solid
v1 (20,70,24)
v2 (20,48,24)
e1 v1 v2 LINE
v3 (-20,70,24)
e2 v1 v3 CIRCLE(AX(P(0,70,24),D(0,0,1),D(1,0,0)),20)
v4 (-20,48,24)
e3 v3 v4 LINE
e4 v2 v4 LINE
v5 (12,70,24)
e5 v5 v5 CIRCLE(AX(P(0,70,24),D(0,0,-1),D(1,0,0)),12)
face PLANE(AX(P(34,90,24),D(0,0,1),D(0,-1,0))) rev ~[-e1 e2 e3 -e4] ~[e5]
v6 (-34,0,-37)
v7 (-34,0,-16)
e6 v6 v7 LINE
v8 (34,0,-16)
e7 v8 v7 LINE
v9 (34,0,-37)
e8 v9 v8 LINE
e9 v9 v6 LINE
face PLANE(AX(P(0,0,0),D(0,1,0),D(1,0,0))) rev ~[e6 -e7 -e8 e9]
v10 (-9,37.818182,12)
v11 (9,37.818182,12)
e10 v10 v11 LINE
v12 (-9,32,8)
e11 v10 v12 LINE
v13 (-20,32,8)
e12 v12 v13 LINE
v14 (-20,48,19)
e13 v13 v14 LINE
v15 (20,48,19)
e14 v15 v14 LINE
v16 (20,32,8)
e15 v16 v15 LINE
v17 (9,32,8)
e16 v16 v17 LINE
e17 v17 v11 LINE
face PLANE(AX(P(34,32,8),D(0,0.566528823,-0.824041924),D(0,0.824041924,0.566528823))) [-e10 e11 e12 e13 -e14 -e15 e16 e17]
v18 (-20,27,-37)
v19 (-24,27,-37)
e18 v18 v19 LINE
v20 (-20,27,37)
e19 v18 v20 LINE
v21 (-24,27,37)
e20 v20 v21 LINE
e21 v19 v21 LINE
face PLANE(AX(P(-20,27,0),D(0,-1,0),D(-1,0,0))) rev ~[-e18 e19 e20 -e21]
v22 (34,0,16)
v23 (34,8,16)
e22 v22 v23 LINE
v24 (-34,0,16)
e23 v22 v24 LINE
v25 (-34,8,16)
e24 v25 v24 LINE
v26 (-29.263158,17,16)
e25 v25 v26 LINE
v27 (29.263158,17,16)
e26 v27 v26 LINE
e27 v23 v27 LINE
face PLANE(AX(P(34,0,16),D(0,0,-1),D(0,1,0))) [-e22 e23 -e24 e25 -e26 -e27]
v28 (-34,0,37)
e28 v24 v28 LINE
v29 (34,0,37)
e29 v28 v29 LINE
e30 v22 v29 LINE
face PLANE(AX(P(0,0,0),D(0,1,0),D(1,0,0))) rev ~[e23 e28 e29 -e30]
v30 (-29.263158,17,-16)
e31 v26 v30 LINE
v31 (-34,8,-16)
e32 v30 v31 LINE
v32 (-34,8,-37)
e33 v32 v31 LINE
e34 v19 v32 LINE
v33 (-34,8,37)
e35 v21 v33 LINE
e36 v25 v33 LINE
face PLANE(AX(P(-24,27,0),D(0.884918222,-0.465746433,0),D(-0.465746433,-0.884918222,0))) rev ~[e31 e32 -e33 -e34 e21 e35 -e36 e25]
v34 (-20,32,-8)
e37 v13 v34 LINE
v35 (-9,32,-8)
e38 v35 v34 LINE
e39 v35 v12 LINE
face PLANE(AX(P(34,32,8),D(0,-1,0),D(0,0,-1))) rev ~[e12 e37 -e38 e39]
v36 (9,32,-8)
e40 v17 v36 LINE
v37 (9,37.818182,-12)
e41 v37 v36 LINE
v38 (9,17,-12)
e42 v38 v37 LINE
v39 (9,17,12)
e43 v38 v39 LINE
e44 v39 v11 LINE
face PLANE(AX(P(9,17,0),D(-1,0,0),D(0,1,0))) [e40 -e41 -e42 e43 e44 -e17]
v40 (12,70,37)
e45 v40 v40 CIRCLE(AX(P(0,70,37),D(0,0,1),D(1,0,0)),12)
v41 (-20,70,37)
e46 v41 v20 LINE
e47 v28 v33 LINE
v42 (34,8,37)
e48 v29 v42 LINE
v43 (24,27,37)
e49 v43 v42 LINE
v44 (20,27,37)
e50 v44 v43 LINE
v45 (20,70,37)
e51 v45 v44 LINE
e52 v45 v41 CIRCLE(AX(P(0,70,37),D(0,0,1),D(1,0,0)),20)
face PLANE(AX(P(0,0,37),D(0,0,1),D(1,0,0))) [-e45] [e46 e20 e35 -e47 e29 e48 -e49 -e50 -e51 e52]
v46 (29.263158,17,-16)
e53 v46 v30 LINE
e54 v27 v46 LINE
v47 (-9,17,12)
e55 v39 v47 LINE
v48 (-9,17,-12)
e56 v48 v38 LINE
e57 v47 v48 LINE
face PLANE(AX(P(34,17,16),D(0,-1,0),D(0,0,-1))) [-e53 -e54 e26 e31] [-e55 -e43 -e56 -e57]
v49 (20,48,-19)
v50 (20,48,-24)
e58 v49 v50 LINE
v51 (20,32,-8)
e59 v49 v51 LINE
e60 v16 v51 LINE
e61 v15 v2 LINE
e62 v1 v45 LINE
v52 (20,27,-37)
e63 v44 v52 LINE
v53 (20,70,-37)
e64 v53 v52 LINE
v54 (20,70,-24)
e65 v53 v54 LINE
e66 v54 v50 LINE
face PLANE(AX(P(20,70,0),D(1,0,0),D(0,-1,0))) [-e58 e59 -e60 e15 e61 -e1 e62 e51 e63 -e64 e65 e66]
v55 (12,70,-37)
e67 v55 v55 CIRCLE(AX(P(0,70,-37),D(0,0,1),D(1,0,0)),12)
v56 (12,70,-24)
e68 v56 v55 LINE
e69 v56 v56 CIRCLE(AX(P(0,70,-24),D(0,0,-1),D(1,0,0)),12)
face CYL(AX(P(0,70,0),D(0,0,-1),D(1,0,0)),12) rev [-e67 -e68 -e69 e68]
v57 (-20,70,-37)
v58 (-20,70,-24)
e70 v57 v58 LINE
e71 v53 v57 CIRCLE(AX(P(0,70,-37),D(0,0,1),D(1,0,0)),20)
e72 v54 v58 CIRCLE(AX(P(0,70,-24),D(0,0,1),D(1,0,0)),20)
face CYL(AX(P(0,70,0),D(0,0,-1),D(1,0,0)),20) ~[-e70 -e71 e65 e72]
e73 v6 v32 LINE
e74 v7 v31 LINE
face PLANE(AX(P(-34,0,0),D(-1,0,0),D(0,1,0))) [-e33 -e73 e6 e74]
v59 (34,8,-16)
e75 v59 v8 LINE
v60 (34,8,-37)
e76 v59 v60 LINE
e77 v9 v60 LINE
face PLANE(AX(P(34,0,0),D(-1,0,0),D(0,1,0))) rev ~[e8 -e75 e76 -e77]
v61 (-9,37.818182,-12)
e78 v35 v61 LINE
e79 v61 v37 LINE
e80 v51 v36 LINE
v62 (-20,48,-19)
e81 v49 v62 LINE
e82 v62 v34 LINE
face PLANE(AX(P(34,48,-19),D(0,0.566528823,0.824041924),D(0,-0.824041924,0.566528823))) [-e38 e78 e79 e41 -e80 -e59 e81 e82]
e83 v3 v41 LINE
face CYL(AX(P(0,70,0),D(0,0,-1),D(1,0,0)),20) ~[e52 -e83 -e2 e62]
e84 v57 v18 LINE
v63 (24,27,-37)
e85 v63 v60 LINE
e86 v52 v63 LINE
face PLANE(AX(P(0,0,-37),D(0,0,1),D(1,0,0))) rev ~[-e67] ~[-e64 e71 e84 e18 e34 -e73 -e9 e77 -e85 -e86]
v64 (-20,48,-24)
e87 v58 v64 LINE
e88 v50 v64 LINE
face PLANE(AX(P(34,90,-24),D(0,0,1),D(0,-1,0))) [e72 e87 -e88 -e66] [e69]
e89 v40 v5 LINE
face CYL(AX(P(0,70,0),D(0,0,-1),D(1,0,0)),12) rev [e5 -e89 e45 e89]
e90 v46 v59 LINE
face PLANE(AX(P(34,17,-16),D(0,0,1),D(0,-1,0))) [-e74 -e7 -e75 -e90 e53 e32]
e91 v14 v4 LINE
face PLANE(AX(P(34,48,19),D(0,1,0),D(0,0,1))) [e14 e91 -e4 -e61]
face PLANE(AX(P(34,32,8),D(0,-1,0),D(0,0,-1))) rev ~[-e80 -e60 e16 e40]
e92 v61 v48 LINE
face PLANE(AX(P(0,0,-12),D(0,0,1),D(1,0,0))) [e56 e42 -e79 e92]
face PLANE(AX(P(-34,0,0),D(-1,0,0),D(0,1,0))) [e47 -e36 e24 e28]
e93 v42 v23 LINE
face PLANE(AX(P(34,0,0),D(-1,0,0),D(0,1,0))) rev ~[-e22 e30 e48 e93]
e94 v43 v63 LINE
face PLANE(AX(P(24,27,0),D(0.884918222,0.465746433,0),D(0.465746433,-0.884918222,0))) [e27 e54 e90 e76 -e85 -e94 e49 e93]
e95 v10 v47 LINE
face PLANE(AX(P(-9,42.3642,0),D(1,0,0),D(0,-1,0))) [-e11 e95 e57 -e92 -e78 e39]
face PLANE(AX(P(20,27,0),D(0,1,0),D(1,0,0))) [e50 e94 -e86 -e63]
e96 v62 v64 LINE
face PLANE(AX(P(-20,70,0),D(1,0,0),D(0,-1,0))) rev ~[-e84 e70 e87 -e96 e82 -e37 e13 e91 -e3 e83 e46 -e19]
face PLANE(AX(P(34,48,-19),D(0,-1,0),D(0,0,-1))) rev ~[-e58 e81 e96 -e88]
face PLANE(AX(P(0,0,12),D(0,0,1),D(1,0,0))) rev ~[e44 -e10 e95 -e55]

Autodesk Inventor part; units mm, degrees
ref_plane "YZ Plane" through (0, 0, 0) normal (1, 0, 0) x (0, 1, 0)
ref_plane "XZ Plane" through (0, 0, 0) normal (0, 1, 0) x (-1, 0, 0)
ref_plane "XY Plane" through (0, 0, 0) normal (0, 0, 1) x (1, 0, 0)
sketch "Sketch1" plane through (0, 0, 0) normal (0, 0, 1) x (1, 0, 0)
  line L0 (0, 0) -> (0, 70) construction
  circle A0 centre (0, 70) radius 12
  arc A1 (20, 70) -> (-20, 70) centre (0, 70) ccw
  line L1 (0, 0) -> (34, 0)
  line L2 (0, 0) -> (-34, 0)
  line L3 (-34, 0) -> (-34, 8)
  line L4 (34, 0) -> (34, 8)
  line L5 (0, 0) -> (0, 0) construction
  line L6 (20, 27) -> (24, 27)
  line L7 (-20, 27) -> (-24, 27)
  line L8 (-24, 27) -> (-34, 8)
  line L9 (24, 27) -> (34, 8)
  line L10 (20, 70) -> (20, 27)
  line L11 (-20, 70) -> (-20, 27)
  line L12 (0, 0) -> (0, 17) construction
  line L13 (0, 17) -> (-9, 17)
  line L14 (0, 17) -> (9, 17)
  line L15 (0, 17) -> (9, 17) construction
  line L16 (9, 17) -> (9, 42.3642)
  line L17 (9, 42.3642) -> (-9, 42.3642)
  line L18 (-9, 42.3642) -> (-9, 17)
  dimension "d0" = 70
  dimension "d1" = 24
  dimension "d2" = 20
  dimension "d3" = 34
  dimension "d4" = 34
  dimension "d5" = 8
  dimension "d6" = 8
  dimension "d10" = 4
  dimension "d11" = 4
  dimension "d14" = 19
  dimension "d15" = 19
  dimension "d34" = 17
  dimension "d35" = 9
  dimension "d39" = 18
extrude "Extrusion1" add sketch "Sketch1" along normal mid plane 74 contours L10 L6 L9 L4 L1 L2 L3 L8 L7 L11 A1 | L13 L18 L17 L16 L14
sketch "Sketch2" plane through (34, 0, 37) normal (1, 0, 0) x (0, 0, -1)
  line L0 (37, 0) -> (53, 0)
  line L1 (74, 0) -> (0, 0) projected
  line L2 (37, 0) -> (21, 0)
  line L3 (21, 0) -> (21, 17)
  line L4 (21, 17) -> (53, 17)
  line L5 (53, 17) -> (53, 0)
  line L6 (0, 0) -> (29, 0) construction
  line L7 (29, 32) -> (45, 32)
  line L8 (0, 0) -> (18, 0) construction
  line L9 (18, 48) -> (56, 48) construction
  line L10 (56, 48) -> (45, 32)
  line L11 (29, 32) -> (18, 48)
  line L12 (74, 90) -> (0, 90) projected
  line L13 (0, 90) -> (13, 90)
  line L14 (13, 90) -> (13, 48)
  line L15 (74, 90) -> (61, 90)
  line L16 (61, 90) -> (61, 48)
  line L17 (18, 48) -> (13, 48)
  line L18 (56, 48) -> (61, 48)
  line L19 (13, 90) -> (61, 90)
  line L20 (0, 27) -> (0, 70) projected
  line L21 (74, 70) -> (74, 27) projected
  dimension "d23" = 32
  dimension "d24" = 16
  dimension "d27" = 38
  dimension "d45" = 32
  dimension "d46" = 17
  dimension "d47" = 13
  dimension "d48" = 13
  dimension "d49" = 5
  dimension "d50" = 16
  dimension "d58" = 11
  dimension "d69" = 48
  dimension "d70" = 21
  dimension "d72" = 56
  dimension "d73" = 74
extrude "Extrusion2" cut sketch "Sketch2" against normal blind 84
extrude "Extrusion3" cut sketch "Sketch1" along normal mid plane 24 contours L13 L18 L17 L16 L14
equation "\"d5\" = d6"
equation "\"d15\" = d14"
properties part number "FORK127" material "Stainless Steel"
